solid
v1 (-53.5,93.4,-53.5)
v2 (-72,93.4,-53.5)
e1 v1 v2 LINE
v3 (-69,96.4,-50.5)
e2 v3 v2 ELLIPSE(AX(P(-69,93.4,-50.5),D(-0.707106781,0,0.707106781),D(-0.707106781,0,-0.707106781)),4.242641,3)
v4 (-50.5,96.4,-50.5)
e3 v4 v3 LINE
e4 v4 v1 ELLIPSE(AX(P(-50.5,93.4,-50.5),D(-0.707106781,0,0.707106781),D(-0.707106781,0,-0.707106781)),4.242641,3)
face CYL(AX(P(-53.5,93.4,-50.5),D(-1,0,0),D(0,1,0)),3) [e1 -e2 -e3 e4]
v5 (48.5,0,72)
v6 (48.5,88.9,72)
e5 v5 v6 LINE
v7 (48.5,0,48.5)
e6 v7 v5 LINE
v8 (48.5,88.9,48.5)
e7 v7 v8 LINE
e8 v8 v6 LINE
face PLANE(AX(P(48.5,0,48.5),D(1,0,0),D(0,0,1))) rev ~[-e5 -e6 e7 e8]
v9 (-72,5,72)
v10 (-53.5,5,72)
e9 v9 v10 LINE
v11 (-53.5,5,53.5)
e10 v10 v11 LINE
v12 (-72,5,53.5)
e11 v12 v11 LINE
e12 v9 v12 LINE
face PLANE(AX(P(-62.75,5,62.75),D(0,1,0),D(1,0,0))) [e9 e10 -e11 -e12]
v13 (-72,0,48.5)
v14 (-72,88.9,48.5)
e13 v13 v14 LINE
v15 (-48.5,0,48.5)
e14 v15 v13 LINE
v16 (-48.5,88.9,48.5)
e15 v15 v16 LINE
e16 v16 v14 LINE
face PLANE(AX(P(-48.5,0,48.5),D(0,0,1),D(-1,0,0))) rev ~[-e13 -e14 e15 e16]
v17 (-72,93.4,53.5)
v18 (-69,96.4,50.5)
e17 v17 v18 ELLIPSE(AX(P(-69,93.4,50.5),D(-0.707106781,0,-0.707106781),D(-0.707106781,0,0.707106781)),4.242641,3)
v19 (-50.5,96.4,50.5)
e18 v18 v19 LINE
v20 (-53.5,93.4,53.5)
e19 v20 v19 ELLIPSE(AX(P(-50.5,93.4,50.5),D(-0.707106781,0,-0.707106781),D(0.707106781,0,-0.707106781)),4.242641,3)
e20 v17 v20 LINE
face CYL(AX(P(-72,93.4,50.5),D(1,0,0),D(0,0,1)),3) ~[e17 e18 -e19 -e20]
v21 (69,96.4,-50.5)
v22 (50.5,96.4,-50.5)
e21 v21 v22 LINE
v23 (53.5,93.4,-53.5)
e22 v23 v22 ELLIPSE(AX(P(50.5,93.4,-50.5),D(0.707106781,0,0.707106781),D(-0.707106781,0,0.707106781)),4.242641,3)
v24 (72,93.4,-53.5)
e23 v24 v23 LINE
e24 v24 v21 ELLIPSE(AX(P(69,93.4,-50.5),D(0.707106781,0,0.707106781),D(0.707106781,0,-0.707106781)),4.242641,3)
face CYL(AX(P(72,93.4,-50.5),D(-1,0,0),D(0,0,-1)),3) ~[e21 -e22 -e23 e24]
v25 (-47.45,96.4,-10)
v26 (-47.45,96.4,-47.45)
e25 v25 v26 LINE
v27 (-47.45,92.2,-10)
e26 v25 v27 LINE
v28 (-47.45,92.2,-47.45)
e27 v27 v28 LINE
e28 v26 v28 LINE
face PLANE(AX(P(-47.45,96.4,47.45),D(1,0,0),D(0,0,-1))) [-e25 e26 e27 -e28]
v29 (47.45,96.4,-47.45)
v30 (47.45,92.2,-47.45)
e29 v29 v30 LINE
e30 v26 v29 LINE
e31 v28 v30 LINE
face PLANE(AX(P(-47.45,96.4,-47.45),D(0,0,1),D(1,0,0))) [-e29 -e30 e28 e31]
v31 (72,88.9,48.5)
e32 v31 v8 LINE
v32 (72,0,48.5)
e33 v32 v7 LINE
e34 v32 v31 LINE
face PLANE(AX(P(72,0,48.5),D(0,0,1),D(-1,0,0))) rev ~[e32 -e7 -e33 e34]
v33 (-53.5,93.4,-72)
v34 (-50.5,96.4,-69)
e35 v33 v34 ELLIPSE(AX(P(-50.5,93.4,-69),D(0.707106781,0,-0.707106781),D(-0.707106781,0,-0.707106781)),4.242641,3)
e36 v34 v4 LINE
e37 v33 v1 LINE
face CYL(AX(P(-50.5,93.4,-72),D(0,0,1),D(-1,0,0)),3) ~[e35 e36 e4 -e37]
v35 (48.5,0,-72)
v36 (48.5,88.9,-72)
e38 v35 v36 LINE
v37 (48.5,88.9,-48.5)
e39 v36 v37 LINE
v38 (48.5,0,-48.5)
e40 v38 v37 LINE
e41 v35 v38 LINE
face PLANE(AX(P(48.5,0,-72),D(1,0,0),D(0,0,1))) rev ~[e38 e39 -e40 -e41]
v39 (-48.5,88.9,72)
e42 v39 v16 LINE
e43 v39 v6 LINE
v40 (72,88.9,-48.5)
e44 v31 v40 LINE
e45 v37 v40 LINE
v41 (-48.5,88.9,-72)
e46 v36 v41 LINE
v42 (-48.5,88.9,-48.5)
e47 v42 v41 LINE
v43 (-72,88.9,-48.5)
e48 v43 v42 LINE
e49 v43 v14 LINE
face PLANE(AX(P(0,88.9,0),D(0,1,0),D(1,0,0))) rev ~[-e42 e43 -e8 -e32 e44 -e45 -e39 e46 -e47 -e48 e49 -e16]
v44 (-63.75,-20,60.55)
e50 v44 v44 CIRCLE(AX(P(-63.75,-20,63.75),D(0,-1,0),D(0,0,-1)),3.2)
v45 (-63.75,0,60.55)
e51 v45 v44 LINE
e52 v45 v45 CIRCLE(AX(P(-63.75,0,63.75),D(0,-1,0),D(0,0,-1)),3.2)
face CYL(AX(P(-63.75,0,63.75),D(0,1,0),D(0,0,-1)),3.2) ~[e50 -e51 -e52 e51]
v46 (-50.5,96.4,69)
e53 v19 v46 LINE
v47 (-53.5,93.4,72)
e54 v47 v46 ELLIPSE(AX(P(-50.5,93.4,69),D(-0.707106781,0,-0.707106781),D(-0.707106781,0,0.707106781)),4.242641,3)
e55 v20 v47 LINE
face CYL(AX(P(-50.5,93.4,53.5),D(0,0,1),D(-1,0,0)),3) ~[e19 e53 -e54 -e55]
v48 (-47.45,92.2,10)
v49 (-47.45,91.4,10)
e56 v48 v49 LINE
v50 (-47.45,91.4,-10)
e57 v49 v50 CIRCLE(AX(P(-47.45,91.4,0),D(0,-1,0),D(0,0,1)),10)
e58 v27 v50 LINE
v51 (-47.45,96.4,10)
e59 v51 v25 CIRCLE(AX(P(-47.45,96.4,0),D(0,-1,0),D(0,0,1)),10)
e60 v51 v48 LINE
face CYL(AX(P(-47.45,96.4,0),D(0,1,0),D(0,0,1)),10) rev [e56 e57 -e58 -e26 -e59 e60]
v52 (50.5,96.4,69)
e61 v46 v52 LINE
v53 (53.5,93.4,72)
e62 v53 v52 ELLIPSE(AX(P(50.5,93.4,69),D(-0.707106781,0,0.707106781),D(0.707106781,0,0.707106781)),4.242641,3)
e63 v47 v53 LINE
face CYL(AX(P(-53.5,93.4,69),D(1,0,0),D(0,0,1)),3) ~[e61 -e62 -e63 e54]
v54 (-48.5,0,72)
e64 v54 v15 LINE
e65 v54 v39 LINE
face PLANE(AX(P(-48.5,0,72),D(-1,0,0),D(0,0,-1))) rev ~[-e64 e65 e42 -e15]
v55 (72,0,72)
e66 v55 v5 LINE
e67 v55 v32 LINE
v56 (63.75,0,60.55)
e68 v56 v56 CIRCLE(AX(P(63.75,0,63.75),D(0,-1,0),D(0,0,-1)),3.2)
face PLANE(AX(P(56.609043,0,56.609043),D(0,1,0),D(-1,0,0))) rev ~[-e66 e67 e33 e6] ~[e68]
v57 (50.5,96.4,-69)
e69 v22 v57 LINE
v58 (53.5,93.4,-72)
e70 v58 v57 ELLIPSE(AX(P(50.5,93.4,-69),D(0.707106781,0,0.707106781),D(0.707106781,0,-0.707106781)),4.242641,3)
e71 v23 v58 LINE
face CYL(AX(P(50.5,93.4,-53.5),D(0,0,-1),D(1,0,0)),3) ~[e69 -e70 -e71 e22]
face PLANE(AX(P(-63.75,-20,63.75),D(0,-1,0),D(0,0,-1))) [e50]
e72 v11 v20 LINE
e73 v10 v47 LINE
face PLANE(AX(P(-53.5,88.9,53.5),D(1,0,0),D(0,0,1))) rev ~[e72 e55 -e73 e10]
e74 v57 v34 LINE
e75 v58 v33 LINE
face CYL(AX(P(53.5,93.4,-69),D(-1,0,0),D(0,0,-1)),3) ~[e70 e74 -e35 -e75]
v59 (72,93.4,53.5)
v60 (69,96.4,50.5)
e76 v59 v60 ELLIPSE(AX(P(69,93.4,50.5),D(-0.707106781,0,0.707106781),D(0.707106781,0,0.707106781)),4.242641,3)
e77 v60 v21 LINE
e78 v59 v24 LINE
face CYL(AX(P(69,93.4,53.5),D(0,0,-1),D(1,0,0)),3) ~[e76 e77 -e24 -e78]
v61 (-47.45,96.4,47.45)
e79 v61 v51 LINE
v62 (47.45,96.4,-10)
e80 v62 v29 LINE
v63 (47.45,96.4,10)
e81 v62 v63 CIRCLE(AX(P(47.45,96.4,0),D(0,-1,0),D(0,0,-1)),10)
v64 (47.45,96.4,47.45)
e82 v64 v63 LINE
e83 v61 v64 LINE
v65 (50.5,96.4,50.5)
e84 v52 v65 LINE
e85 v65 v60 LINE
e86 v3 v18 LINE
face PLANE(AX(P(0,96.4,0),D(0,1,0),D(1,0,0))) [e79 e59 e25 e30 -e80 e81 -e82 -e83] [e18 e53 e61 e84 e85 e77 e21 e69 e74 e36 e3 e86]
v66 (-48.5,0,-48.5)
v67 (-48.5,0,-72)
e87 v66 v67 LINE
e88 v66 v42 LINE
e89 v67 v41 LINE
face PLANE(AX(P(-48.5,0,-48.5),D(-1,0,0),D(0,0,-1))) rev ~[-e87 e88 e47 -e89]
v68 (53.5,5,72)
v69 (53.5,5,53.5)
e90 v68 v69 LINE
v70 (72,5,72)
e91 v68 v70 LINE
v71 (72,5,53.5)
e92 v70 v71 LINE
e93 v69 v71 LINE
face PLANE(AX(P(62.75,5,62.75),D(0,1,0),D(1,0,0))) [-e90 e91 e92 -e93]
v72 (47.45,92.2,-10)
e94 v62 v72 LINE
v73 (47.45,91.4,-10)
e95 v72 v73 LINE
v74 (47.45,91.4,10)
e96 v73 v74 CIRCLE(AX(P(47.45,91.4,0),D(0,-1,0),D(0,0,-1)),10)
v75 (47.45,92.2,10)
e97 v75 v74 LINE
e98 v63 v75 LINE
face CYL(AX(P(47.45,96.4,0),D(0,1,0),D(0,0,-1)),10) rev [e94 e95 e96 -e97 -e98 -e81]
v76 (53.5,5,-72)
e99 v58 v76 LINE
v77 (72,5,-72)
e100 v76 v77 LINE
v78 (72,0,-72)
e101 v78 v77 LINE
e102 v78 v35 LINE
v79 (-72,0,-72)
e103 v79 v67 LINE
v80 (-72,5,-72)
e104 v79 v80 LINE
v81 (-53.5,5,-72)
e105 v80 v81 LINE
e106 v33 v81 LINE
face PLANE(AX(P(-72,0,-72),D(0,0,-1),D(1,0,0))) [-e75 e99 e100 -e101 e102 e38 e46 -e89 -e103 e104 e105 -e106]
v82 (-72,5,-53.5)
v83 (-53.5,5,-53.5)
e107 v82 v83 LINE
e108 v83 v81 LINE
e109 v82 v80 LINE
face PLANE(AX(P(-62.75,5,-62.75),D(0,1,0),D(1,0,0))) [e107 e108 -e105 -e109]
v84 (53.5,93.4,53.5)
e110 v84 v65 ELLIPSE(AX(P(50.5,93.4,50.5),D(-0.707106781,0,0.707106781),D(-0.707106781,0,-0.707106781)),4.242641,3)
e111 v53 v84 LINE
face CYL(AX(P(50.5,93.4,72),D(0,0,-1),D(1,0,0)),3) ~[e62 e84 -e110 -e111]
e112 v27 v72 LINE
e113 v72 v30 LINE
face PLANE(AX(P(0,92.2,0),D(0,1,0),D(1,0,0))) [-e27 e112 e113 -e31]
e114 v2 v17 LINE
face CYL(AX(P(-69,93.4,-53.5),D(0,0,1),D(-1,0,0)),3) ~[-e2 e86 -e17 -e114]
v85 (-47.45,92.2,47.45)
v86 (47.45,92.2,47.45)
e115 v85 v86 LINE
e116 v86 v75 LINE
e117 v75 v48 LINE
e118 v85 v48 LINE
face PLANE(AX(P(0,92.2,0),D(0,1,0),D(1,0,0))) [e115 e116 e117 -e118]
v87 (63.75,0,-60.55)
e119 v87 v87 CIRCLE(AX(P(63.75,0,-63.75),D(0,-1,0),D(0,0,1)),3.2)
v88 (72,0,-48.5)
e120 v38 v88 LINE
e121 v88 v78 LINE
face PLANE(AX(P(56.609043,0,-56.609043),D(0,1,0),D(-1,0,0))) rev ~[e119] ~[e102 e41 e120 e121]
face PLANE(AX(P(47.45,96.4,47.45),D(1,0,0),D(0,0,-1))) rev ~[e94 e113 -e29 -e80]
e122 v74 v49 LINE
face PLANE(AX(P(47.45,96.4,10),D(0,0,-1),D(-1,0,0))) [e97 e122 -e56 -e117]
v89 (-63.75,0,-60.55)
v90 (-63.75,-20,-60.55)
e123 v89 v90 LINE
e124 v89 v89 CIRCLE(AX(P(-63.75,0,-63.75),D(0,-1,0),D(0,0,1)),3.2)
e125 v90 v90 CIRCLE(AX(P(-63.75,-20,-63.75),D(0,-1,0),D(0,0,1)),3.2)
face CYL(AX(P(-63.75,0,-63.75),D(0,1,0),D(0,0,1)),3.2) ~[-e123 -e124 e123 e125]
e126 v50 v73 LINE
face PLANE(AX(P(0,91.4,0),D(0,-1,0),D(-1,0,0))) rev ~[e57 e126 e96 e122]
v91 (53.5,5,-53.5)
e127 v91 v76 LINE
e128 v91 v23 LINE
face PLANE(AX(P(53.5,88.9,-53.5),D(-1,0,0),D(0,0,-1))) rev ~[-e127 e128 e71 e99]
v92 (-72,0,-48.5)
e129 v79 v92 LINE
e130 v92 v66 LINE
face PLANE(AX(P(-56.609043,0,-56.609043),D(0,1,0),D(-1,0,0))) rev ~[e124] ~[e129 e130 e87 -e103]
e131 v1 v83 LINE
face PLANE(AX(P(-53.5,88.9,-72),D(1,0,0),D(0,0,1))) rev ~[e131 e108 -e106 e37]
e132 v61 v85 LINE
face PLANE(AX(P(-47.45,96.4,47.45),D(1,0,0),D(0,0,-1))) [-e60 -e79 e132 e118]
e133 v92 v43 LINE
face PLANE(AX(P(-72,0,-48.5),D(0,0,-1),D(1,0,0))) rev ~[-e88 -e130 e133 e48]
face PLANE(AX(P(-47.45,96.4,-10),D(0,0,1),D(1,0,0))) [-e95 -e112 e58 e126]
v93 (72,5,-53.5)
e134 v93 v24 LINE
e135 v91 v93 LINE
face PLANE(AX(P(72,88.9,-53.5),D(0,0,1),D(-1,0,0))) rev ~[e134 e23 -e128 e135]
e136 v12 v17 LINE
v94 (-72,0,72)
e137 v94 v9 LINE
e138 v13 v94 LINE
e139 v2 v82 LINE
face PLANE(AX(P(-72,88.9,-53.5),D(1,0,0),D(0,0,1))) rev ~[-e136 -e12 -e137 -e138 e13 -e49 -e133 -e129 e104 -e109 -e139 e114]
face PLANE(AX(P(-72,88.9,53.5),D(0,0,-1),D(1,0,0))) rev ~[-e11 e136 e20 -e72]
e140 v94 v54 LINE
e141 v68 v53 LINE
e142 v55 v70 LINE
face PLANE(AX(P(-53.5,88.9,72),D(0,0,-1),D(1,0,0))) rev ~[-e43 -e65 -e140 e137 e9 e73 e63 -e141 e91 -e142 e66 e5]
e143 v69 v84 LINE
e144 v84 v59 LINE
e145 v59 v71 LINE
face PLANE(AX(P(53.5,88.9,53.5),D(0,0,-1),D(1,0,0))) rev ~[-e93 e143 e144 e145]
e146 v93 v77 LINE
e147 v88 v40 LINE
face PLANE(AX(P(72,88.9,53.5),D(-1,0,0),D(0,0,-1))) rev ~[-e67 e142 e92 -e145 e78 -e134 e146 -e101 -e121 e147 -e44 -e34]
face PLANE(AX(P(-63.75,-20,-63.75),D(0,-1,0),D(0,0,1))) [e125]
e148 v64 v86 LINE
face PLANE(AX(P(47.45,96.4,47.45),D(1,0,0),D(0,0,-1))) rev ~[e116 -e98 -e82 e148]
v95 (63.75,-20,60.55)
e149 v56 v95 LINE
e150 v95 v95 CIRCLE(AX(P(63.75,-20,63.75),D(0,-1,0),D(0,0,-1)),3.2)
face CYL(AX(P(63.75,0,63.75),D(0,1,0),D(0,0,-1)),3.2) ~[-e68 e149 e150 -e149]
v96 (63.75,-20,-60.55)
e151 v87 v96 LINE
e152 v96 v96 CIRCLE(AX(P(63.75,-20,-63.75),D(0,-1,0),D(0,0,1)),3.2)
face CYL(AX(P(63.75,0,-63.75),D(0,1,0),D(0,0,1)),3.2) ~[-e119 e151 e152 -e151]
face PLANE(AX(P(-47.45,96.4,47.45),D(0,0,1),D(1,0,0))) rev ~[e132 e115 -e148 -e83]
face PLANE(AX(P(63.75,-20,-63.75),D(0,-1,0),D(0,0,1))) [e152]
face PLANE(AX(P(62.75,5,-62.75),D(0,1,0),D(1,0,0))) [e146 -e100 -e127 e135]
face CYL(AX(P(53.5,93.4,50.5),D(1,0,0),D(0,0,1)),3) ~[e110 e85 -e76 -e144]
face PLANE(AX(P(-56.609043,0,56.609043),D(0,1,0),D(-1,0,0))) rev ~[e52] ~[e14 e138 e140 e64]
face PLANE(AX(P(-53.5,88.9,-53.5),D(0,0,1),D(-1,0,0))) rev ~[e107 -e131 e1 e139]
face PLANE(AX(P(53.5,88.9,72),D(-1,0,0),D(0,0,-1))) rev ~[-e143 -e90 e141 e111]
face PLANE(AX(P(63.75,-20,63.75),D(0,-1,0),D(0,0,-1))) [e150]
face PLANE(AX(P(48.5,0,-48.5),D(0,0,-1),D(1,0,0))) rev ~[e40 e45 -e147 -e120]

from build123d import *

# Parameters (mm, degrees)
SKETCH1_W             = 18.5
SKETCH1_H             = 18.5
BOSS_EXTRUDE1_DEPTH   = 5
BOSS_EXTRUDE1_2_DEPTH = 5
BOSS_EXTRUDE1_3_DEPTH = 5
BOSS_EXTRUDE1_4_DEPTH = 5
BOSS_EXTRUDE2_DEPTH   = 88.9
SKETCH3_R             = 3.2
BOSS_EXTRUDE3_DEPTH   = 20
BOSS_EXTRUDE4_DEPTH   = 7.5
FILLET1_R             = 3
SKETCH5_W             = 94.9
SKETCH5_H             = 94.9
CUT_EXTRUDE1_DEPTH    = 4.2
CUT_EXTRUDE2_DEPTH    = 5


with BuildPart() as part:
    # Sketch1 → Boss-Extrude1 (new body)
    with BuildSketch(Plane(origin=(0, 0, 0), x_dir=(1, 0, 0), z_dir=(0, 1, 0))):
        with Locations((-62.75, 62.75)):
            Rectangle(SKETCH1_W, SKETCH1_H)
    extrude(amount=BOSS_EXTRUDE1_DEPTH)



with BuildPart() as body_2:
    # Sketch1 → Boss-Extrude1 2 (new body)
    with BuildSketch(Plane(origin=(0, 0, 0), x_dir=(1, 0, 0), z_dir=(0, 1, 0))):
        with Locations((-62.75, -62.75)):
            Rectangle(SKETCH1_W, SKETCH1_H)
    extrude(amount=BOSS_EXTRUDE1_2_DEPTH)


with BuildPart() as body_3:
    # Sketch1 → Boss-Extrude1 3 (new body)
    with BuildSketch(Plane(origin=(0, 0, 0), x_dir=(1, 0, 0), z_dir=(0, 1, 0))):
        with Locations((62.75, -62.75)):
            Rectangle(SKETCH1_W, SKETCH1_H)
    extrude(amount=BOSS_EXTRUDE1_3_DEPTH)


with BuildPart() as body_4:
    # Sketch1 → Boss-Extrude1 4 (new body)
    with BuildSketch(Plane(origin=(0, 0, 0), x_dir=(1, 0, 0), z_dir=(0, 1, 0))):
        with Locations((62.75, 62.75)):
            Rectangle(SKETCH1_W, SKETCH1_H)
    extrude(amount=BOSS_EXTRUDE1_4_DEPTH)


with BuildPart() as part_1:
    add(part.part)

    add(body_2.part)  # Boss-Extrude2 merges body 2

    add(body_3.part)  # Boss-Extrude2 merges body 3

    add(body_4.part)  # Boss-Extrude2 merges body 4
    # Sketch2 → Boss-Extrude2 (add)
    with BuildSketch(Plane.XZ):
        Polygon((-72, -53.5), (-72, -48.5), (-48.5, -48.5), (-48.5, -72), (-53.5, -72), (-53.5, -53.5), align=None)
        Polygon((-72, 53.5), (-53.5, 53.5), (-53.5, 72), (-48.5, 72), (-48.5, 48.5), (-72, 48.5), align=None)
        Polygon((72, -53.5), (53.5, -53.5), (53.5, -72), (48.5, -72), (48.5, -48.5), (72, -48.5), align=None)
        Polygon((72, 53.5), (72, 48.5), (48.5, 48.5), (48.5, 72), (53.5, 72), (53.5, 53.5), align=None)
    extrude(amount=-BOSS_EXTRUDE2_DEPTH)

    # Sketch3 → Boss-Extrude3 (add)
    with BuildSketch(Plane.XZ):
        with Locations(Location((-63.75, 63.75, 0), (0, 0, 270))):
            Circle(SKETCH3_R)
        with Locations(Location((63.75, 63.75, 0), (0, 0, 270))):
            Circle(SKETCH3_R)
        with Locations(Location((-63.75, -63.75, 0), (0, 0, 90))):
            Circle(SKETCH3_R)
        with Locations(Location((63.75, -63.75, 0), (0, 0, 90))):
            Circle(SKETCH3_R)
    extrude(amount=BOSS_EXTRUDE3_DEPTH)

    # Sketch4 → Boss-Extrude4 (add)
    with BuildSketch(Plane(origin=(0, 88.9, 0), x_dir=(1, 0, 0), z_dir=(0, 1, 0))):
        Polygon((-72, 53.5), (-72, -53.5), (-53.5, -53.5), (-53.5, -72), (53.5, -72), (53.5, -53.5), (72, -53.5), (72, 53.5), (53.5, 53.5), (53.5, 72), (-53.5, 72), (-53.5, 53.5), align=None)
    extrude(amount=BOSS_EXTRUDE4_DEPTH)

    # Fillet1
    fillet1_edges = [part_1.edges().sort_by_distance(p)[0] for p in [
        (-62.75, 96.4, -53.5),
        (-72, 96.4, 0),
        (-62.75, 96.4, 53.5),
        (-53.5, 96.4, 62.75),
        (0, 96.4, 72),
        (53.5, 96.4, 62.75),
        (62.75, 96.4, 53.5),
        (72, 96.4, 0),
        (62.75, 96.4, -53.5),
        (53.5, 96.4, -62.75),
        (0, 96.4, -72),
        (-53.5, 96.4, -62.75),
    ]]
    fillet(fillet1_edges, radius=FILLET1_R)

    # Sketch5 → Cut-Extrude1 (cut)
    with BuildSketch(Plane(origin=(0, 96.4, 0), x_dir=(1, 0, 0), z_dir=(0, 1, 0))):
        Rectangle(SKETCH5_W, SKETCH5_H)
    extrude(amount=-CUT_EXTRUDE1_DEPTH, mode=Mode.SUBTRACT)

    # Sketch6 → Cut-Extrude2 (cut)
    with BuildSketch(Plane(origin=(0, 96.4, 0), x_dir=(1, 0, 0), z_dir=(0, 1, 0))):
        with BuildLine():
            Line((-47.45, 10), (47.45, 10))
            ThreePointArc((47.45, 10), (57.45, 0), (47.45, -10))
            Line((47.45, -10), (-47.45, -10))
            ThreePointArc((-47.45, -10), (-57.45, 0), (-47.45, 10))
        make_face()
    extrude(amount=-CUT_EXTRUDE2_DEPTH, mode=Mode.SUBTRACT)


solid = part_1.part
